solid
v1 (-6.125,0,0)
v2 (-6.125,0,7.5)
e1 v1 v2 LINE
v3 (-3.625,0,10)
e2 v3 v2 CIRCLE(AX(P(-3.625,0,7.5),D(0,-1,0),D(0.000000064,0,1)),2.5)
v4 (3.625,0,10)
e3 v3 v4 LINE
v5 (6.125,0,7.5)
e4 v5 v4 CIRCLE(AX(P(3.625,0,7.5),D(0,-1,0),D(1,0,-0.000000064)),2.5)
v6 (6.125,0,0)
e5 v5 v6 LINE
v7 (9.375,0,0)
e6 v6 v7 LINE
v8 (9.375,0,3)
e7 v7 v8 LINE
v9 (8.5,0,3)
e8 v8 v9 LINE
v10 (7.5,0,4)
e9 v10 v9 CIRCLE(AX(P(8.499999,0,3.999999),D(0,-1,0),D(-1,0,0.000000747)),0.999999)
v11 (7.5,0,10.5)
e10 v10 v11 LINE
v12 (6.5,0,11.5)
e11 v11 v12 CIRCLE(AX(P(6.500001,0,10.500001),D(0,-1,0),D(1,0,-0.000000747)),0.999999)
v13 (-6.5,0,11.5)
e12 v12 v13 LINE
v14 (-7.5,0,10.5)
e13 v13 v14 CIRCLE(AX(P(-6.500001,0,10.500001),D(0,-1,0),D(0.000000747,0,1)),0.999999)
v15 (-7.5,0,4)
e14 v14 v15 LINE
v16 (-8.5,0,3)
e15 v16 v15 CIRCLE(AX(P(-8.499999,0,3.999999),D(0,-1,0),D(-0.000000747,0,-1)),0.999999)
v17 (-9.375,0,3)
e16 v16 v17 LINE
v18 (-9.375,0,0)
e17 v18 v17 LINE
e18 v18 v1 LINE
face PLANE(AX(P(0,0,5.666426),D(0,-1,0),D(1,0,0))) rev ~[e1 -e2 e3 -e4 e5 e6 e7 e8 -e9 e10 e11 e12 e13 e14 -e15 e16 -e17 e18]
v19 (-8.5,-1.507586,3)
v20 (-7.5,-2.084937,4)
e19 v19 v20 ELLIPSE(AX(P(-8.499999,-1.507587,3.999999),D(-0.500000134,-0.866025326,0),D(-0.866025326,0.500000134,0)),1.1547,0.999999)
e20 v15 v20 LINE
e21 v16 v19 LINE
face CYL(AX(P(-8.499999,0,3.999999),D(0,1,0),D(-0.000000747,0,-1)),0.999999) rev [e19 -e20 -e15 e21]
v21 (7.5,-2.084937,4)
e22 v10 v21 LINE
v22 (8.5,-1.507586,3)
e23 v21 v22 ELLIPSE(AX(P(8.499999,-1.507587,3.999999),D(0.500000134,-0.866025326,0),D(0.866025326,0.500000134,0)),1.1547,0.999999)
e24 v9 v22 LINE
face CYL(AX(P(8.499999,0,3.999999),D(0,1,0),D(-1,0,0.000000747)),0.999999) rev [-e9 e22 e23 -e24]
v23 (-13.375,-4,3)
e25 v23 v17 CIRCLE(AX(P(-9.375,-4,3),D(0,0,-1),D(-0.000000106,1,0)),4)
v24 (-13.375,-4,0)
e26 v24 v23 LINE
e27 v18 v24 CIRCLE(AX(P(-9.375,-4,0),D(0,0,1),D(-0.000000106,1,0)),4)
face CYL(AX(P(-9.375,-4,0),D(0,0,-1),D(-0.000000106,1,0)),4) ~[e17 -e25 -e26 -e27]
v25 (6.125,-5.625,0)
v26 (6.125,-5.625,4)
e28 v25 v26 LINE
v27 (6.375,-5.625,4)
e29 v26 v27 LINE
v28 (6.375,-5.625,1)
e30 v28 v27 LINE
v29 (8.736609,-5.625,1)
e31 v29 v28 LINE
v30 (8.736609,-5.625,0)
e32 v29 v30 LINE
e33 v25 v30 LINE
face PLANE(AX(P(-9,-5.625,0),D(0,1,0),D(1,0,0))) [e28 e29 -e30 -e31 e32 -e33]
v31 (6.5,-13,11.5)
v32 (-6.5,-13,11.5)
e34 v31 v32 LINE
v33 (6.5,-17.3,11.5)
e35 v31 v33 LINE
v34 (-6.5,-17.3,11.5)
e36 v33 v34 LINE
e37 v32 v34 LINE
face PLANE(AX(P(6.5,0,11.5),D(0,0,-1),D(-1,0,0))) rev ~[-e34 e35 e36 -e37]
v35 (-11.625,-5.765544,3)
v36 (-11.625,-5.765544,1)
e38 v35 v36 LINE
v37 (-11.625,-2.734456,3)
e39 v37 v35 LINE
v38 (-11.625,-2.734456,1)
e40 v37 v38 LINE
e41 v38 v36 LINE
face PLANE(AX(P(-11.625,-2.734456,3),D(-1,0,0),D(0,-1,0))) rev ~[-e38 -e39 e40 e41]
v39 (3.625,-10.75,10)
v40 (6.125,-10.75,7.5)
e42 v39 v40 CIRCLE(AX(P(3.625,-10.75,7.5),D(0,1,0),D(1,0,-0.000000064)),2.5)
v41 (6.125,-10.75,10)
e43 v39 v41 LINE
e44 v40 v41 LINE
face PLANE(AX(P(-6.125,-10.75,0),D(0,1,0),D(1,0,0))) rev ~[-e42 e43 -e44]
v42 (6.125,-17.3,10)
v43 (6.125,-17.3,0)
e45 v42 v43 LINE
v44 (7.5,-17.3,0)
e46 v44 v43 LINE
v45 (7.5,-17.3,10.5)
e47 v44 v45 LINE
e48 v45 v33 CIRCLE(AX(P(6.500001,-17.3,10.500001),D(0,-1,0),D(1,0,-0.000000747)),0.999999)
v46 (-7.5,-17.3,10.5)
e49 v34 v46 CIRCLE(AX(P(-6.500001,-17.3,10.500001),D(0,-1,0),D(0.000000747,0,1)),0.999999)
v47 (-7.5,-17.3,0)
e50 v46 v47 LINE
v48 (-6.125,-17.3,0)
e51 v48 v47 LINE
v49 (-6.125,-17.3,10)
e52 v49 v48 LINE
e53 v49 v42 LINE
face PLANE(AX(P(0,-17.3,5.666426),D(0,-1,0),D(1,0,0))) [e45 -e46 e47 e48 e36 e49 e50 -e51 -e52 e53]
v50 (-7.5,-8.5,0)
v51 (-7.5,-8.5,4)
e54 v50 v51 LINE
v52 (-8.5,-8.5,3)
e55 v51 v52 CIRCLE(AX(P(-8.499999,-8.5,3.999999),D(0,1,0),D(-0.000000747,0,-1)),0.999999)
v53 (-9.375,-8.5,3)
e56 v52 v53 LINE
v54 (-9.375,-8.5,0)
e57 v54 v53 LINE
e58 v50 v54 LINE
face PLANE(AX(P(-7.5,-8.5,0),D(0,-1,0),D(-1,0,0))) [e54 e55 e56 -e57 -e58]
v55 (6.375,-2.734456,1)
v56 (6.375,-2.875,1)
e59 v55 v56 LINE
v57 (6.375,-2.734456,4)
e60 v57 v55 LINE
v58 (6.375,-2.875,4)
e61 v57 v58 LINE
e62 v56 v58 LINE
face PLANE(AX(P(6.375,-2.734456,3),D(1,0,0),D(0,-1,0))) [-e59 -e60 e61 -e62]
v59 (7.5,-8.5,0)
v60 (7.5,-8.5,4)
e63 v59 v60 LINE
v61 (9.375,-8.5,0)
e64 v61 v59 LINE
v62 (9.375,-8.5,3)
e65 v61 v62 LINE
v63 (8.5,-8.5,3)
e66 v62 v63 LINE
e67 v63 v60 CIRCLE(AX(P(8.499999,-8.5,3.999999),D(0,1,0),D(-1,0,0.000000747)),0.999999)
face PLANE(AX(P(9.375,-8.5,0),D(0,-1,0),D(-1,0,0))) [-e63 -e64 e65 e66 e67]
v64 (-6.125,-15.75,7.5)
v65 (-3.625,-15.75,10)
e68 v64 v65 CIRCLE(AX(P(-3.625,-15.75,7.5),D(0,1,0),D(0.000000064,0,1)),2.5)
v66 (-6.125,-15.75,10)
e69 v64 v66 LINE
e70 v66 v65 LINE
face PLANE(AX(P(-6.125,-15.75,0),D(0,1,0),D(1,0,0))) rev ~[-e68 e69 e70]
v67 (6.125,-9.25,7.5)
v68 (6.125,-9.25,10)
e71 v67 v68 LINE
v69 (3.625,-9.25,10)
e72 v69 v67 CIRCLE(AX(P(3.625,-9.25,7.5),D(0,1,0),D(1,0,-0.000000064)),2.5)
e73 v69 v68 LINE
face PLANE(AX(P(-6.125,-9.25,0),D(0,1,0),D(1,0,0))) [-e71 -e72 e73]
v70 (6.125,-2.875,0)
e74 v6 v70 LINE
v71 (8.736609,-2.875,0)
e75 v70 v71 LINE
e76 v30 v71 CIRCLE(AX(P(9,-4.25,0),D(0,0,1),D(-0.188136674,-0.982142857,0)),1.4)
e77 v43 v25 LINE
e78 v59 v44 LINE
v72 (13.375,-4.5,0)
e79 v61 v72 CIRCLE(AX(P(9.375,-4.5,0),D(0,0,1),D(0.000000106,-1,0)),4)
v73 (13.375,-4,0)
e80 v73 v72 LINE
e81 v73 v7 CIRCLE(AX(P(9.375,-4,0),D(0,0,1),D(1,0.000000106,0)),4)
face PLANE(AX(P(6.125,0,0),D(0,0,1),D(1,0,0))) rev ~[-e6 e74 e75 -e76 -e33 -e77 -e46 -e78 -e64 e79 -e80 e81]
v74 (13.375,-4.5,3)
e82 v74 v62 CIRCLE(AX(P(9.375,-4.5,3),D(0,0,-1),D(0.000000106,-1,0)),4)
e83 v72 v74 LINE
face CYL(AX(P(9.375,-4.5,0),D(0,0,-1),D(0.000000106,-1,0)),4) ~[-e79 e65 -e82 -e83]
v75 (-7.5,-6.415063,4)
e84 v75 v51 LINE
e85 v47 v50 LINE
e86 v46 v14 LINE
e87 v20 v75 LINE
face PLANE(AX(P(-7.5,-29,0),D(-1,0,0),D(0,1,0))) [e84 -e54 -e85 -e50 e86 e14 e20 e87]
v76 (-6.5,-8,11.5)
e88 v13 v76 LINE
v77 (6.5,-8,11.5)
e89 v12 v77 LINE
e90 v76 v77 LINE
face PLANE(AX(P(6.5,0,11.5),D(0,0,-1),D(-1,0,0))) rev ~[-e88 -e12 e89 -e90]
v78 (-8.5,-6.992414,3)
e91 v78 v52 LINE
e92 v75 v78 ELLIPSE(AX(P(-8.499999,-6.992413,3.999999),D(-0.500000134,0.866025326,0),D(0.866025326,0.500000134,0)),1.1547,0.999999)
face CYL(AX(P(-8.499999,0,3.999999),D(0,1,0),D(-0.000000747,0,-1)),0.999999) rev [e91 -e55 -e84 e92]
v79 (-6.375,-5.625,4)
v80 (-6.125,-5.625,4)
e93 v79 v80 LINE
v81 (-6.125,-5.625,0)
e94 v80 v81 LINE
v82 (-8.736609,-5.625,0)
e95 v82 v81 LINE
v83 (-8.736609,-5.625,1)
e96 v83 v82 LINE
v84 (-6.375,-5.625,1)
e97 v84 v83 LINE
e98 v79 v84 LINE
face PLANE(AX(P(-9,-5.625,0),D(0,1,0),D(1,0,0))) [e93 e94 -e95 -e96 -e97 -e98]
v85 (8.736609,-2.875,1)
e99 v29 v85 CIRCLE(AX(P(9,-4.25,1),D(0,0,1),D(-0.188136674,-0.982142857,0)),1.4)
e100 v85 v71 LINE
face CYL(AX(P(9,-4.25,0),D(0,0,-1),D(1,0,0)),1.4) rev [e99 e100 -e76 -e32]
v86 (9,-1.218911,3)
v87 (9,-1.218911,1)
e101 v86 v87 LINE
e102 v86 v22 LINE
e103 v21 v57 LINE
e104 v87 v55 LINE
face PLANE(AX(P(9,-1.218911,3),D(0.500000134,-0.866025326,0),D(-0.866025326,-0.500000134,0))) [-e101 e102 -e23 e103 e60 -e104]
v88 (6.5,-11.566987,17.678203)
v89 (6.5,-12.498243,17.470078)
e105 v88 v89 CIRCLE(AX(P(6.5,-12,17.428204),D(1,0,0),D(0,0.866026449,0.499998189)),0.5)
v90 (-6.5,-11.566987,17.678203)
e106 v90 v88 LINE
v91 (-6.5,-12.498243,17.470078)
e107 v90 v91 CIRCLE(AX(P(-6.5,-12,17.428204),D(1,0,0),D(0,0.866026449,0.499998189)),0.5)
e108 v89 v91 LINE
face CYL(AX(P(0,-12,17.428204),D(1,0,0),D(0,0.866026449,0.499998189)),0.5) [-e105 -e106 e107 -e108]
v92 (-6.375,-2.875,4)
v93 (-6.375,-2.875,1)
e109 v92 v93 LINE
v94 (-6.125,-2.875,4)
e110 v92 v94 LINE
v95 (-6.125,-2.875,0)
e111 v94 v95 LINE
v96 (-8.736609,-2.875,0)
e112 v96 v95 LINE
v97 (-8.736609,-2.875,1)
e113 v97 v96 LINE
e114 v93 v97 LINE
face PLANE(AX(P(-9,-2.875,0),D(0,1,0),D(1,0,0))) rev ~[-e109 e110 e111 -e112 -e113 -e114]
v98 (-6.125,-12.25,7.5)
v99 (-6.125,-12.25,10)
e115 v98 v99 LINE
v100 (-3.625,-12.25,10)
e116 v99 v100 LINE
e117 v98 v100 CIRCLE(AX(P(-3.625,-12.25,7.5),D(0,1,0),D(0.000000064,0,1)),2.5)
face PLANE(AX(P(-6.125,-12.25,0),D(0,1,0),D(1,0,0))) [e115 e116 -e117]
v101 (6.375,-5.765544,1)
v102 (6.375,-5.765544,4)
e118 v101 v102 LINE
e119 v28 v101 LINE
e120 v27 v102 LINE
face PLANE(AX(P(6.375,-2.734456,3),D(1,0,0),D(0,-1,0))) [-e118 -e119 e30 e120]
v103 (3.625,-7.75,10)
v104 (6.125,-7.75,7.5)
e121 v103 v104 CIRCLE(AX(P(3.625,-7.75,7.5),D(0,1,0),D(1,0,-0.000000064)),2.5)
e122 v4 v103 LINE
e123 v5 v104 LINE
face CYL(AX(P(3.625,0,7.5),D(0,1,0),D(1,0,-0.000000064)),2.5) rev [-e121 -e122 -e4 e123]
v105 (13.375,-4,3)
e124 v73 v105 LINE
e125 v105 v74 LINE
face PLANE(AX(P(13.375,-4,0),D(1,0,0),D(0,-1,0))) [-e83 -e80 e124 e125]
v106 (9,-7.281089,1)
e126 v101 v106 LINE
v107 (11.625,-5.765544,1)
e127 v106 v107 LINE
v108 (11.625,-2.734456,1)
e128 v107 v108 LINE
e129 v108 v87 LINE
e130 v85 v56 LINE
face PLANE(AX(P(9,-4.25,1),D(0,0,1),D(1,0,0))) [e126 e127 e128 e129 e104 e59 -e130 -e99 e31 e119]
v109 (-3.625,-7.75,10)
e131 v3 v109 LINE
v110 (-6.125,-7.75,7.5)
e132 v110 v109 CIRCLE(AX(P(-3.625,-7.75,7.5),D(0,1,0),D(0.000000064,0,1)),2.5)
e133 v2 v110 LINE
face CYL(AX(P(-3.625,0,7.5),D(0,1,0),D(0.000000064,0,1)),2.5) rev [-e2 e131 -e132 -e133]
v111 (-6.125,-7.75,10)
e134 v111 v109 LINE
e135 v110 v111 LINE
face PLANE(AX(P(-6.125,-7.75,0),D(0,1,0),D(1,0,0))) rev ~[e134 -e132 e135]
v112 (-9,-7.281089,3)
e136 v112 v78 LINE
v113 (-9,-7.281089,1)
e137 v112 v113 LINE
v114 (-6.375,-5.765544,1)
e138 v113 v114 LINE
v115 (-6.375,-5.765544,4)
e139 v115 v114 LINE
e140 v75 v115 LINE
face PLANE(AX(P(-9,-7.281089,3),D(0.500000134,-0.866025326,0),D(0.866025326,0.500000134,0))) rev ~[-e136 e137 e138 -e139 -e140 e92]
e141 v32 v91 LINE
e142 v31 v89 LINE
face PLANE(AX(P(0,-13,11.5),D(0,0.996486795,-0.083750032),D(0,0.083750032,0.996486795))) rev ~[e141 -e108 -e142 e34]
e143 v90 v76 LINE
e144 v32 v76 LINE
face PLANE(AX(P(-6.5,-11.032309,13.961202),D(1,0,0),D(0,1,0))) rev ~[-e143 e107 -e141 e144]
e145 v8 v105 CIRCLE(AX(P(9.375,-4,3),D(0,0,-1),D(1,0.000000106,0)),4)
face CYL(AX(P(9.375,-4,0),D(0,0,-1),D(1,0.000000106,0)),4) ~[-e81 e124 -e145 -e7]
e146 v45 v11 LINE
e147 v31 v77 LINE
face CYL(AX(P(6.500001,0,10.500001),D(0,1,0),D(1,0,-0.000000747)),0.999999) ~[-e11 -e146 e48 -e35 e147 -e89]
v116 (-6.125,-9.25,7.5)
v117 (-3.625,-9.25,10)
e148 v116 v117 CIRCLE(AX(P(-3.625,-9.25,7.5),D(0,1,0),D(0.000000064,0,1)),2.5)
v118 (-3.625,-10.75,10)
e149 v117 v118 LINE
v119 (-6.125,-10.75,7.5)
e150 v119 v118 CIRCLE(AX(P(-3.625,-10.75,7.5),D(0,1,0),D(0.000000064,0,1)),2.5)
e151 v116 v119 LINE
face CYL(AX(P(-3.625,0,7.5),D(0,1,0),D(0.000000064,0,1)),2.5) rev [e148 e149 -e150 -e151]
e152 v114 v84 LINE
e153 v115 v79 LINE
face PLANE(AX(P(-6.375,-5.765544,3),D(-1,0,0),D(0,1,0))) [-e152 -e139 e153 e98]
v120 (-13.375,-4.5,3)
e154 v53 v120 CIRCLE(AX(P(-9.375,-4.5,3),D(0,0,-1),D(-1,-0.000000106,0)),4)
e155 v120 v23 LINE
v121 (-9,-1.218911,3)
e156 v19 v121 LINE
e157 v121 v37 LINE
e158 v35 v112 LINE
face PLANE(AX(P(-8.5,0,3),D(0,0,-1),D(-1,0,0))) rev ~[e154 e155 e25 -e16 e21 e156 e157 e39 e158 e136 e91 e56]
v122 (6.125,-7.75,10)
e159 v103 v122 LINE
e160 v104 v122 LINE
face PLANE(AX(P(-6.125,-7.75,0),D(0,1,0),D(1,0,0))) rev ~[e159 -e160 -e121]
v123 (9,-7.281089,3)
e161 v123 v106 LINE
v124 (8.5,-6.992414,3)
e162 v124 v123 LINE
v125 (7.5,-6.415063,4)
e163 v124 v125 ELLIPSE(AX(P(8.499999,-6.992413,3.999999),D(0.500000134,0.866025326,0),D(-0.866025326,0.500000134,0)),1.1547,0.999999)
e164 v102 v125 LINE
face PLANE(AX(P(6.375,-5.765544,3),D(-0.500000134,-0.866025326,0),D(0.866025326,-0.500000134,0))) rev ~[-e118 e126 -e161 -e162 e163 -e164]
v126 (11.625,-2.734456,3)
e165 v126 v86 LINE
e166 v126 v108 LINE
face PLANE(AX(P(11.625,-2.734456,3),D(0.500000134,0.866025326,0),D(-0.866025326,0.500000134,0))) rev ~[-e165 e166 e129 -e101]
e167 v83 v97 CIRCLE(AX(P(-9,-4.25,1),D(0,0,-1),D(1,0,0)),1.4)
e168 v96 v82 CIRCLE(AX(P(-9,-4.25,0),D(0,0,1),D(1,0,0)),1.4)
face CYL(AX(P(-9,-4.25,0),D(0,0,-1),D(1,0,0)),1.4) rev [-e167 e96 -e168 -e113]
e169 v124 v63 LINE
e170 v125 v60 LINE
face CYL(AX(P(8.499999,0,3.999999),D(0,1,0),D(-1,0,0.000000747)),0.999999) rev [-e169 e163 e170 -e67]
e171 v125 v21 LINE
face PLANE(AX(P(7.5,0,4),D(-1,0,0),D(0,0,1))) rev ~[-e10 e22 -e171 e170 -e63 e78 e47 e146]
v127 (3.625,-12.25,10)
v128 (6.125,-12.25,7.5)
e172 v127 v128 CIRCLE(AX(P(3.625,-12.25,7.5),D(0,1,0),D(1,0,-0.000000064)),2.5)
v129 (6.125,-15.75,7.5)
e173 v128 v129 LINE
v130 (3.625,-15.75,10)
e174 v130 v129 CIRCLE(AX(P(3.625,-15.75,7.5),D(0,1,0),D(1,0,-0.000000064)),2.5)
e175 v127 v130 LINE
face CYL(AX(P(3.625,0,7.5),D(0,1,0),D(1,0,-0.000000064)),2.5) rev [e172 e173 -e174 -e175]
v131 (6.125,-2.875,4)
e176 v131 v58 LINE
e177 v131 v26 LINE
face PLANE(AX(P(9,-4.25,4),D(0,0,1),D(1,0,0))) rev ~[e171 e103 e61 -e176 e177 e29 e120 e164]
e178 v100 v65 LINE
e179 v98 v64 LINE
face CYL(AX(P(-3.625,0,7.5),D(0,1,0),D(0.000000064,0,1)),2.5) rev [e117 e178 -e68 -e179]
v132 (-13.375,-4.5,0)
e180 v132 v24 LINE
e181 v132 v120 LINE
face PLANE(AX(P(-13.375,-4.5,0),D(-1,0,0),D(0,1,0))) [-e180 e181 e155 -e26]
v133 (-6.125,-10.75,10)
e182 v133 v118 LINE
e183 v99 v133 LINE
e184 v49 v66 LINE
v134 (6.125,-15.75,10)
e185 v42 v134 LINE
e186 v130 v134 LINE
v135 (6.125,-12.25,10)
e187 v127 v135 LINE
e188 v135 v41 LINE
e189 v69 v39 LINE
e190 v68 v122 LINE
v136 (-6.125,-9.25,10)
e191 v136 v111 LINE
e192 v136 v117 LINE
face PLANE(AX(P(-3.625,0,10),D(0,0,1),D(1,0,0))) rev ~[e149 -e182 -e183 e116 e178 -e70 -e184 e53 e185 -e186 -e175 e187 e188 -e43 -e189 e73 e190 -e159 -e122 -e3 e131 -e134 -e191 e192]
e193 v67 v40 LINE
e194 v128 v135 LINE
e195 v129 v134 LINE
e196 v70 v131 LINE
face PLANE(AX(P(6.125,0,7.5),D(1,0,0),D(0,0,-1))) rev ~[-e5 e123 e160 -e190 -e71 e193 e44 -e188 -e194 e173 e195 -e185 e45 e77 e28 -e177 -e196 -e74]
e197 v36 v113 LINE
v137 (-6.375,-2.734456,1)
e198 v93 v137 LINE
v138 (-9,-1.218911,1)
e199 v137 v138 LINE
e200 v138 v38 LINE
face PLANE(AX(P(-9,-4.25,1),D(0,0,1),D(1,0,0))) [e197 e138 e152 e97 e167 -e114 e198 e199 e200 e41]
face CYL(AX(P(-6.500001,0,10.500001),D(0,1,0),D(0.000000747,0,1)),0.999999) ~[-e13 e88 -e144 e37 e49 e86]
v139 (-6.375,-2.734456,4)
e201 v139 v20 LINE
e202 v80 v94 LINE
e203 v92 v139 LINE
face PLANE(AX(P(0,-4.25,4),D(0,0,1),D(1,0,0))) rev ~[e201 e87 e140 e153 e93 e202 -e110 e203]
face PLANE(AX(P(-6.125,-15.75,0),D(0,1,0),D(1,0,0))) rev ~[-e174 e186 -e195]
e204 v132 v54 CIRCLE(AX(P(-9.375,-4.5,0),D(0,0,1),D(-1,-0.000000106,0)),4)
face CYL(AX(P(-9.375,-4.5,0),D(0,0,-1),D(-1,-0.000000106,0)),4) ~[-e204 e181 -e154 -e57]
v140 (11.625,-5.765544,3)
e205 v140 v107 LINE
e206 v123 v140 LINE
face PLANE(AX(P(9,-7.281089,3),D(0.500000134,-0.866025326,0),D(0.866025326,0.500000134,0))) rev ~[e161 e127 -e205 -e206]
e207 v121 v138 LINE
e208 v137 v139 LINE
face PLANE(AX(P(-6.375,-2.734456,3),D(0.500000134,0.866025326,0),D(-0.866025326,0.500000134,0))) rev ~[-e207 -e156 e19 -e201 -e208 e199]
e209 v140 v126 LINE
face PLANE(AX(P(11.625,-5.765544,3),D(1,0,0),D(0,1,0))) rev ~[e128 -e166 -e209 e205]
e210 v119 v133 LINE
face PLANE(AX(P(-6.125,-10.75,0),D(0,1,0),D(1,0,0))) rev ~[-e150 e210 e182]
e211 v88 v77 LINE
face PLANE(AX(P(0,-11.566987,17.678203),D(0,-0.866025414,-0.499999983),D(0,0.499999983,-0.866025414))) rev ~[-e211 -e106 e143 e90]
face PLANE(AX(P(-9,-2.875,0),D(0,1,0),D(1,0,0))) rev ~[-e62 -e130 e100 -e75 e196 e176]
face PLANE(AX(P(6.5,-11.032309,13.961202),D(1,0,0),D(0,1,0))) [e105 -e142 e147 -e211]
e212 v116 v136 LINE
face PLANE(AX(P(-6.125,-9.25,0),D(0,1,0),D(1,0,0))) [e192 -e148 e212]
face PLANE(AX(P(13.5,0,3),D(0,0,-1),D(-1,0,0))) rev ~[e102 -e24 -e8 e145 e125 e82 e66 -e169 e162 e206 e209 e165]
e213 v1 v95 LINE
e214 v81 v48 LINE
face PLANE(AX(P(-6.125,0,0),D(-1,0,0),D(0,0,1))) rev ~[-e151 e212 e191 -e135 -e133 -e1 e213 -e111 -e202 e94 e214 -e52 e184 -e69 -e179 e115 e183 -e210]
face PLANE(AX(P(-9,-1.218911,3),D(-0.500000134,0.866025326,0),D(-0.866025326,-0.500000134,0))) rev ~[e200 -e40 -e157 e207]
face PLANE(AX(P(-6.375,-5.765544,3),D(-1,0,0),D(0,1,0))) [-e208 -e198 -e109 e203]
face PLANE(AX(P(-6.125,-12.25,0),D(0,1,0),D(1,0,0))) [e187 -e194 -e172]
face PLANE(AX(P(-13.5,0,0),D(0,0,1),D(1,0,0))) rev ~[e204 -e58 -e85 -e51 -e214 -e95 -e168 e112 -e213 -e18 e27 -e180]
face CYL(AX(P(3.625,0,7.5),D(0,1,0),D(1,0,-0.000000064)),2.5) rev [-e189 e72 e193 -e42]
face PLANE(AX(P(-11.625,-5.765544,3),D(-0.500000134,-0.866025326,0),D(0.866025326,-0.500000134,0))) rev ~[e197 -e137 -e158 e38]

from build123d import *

# Parameters (mm, degrees)
PAD015_DEPTH         = 17.3
POCKET009_DEPTH      = 0.001
POCKET009_DEPTH_BACK = 11.501
SKETCH022_R          = 1.4
POCKET007_DEPTH      = 0.001
POCKET007_DEPTH_BACK = 11.501
POCKET008_DEPTH      = 2
POCKET008_DEPTH_BACK = 1
SKETCH026_W          = 18
SKETCH026_H          = 2.75
POCKET006_DEPTH      = 4
SKETCH027_W          = 12.25
SKETCH027_H          = 1.5
SKETCH027_H_2        = 2
POCKET010_DEPTH      = 10
PAD016_DEPTH         = 6.5


with BuildPart() as part:
    # Sketch024 → Pad015 (new body)
    with BuildSketch(Plane.XZ):
        with BuildLine():
            Line((-13.5, 0), (-6.125, 0))
            Line((-6.125, 0), (-6.125, 7.5))
            ThreePointArc((-3.625, 10), (-5.392767, 9.267767), (-6.125, 7.5))
            Line((-3.625, 10), (3.625, 10))
            ThreePointArc((6.125, 7.5), (5.392767, 9.267767), (3.625, 10))
            Line((6.125, 7.5), (6.125, 0))
            Line((6.125, 0), (13.5, 0))
            Line((13.5, 0), (13.5, 3))
            Line((13.5, 3), (8.5, 3))
            ThreePointArc((7.5, 4), (7.792893, 3.292893), (8.5, 3))
            Line((7.5, 4), (7.5, 10.5))
            ThreePointArc((7.5, 10.5), (7.207107, 11.207107), (6.5, 11.5))
            Line((6.5, 11.5), (-6.5, 11.5))
            ThreePointArc((-6.5, 11.5), (-7.207107, 11.207107), (-7.5, 10.5))
            Line((-7.5, 10.5), (-7.5, 4))
            ThreePointArc((-8.5, 3), (-7.792893, 3.292893), (-7.5, 4))
            Line((-8.5, 3), (-13.5, 3))
            Line((-13.5, 3), (-13.5, 0))
        make_face()
    extrude(amount=PAD015_DEPTH)

    # Sketch023 → Pocket009 (cut, two sides)
    with BuildSketch(Plane.XY) as pocket009_sk:
        with BuildLine():
            Line((-9.375, 0), (9.375, 0))
            ThreePointArc((13.375, -4), (12.203427, -1.171573), (9.375, 0))
            Line((13.375, -4), (13.375, -4.5))
            ThreePointArc((9.375, -8.5), (12.203427, -7.328427), (13.375, -4.5))
            Line((9.375, -8.5), (7.5, -8.5))
            Line((7.5, -8.5), (7.5, -29))
            Line((7.5, -29), (15, -29))
            Line((15, -29), (15, 1))
            Line((15, 1), (-15, 1))
            Line((-15, 1), (-15, -29))
            Line((-15, -29), (-7.5, -29))
            Line((-7.5, -29), (-7.5, -8.5))
            Line((-7.5, -8.5), (-9.375, -8.5))
            ThreePointArc((-13.375, -4.5), (-12.203427, -7.328427), (-9.375, -8.5))
            Line((-13.375, -4.5), (-13.375, -4))
            ThreePointArc((-9.375, 0), (-12.203427, -1.171573), (-13.375, -4))
        make_face()
    extrude(amount=-POCKET009_DEPTH, mode=Mode.SUBTRACT)
    extrude(pocket009_sk.sketch, amount=POCKET009_DEPTH_BACK, mode=Mode.SUBTRACT)

    # Sketch022 → Pocket007 (cut, two sides)
    with BuildSketch(Plane.XY) as pocket007_sk:
        with Locations((-9, -4.25)):
            Circle(SKETCH022_R)
        with Locations((9, -4.25)):
            Circle(SKETCH022_R)
    extrude(amount=-POCKET007_DEPTH, mode=Mode.SUBTRACT)
    extrude(pocket007_sk.sketch, amount=POCKET007_DEPTH_BACK, mode=Mode.SUBTRACT)

    # Sketch025 (on DatumPlane) → Pocket008 (cut, two sides)
    with BuildSketch(Plane.XY.offset(3)) as pocket008_sk:
        Polygon((-6.375, -5.765544), (-6.375, -2.734456), (-9, -1.218911), (-11.625, -2.734456), (-11.625, -5.765544), (-9, -7.281089), align=None)
        Polygon((11.625, -5.765544), (11.625, -2.734456), (9, -1.218911), (6.375, -2.734456), (6.375, -5.765544), (9, -7.281089), align=None)
    extrude(amount=-POCKET008_DEPTH, mode=Mode.SUBTRACT)
    extrude(pocket008_sk.sketch, amount=POCKET008_DEPTH_BACK, mode=Mode.SUBTRACT)

    # Sketch026 → Pocket006 (cut)
    with BuildSketch(Plane.XY):
        with Locations((0, -4.25)):
            Rectangle(SKETCH026_W, SKETCH026_H)
    extrude(amount=POCKET006_DEPTH, mode=Mode.SUBTRACT)

    # Sketch027 → Pocket010 (cut)
    with BuildSketch(Plane.XY):
        with Locations((0, -8.5)):
            Rectangle(SKETCH027_W, SKETCH027_H)
        with Locations((0, -11.5)):
            Rectangle(SKETCH027_W, SKETCH027_H)
        with Locations((0, -16.75)):
            Rectangle(SKETCH027_W, SKETCH027_H_2)
    extrude(amount=POCKET010_DEPTH, mode=Mode.SUBTRACT)

    # Sketch028 → Pad016 (join, symmetric)
    with BuildSketch(Plane.YZ):
        with BuildLine():
            Line((-13, 11.5), (-8, 11.5))
            Line((-11.566987, 17.678203), (-8, 11.5))
            ThreePointArc((-11.566987, 17.678203), (-12.109054, 17.916166), (-12.498243, 17.470078))
            Line((-13, 11.5), (-12.498243, 17.470078))
        make_face()
    extrude(amount=PAD016_DEPTH, both=True)


solid = part.part
